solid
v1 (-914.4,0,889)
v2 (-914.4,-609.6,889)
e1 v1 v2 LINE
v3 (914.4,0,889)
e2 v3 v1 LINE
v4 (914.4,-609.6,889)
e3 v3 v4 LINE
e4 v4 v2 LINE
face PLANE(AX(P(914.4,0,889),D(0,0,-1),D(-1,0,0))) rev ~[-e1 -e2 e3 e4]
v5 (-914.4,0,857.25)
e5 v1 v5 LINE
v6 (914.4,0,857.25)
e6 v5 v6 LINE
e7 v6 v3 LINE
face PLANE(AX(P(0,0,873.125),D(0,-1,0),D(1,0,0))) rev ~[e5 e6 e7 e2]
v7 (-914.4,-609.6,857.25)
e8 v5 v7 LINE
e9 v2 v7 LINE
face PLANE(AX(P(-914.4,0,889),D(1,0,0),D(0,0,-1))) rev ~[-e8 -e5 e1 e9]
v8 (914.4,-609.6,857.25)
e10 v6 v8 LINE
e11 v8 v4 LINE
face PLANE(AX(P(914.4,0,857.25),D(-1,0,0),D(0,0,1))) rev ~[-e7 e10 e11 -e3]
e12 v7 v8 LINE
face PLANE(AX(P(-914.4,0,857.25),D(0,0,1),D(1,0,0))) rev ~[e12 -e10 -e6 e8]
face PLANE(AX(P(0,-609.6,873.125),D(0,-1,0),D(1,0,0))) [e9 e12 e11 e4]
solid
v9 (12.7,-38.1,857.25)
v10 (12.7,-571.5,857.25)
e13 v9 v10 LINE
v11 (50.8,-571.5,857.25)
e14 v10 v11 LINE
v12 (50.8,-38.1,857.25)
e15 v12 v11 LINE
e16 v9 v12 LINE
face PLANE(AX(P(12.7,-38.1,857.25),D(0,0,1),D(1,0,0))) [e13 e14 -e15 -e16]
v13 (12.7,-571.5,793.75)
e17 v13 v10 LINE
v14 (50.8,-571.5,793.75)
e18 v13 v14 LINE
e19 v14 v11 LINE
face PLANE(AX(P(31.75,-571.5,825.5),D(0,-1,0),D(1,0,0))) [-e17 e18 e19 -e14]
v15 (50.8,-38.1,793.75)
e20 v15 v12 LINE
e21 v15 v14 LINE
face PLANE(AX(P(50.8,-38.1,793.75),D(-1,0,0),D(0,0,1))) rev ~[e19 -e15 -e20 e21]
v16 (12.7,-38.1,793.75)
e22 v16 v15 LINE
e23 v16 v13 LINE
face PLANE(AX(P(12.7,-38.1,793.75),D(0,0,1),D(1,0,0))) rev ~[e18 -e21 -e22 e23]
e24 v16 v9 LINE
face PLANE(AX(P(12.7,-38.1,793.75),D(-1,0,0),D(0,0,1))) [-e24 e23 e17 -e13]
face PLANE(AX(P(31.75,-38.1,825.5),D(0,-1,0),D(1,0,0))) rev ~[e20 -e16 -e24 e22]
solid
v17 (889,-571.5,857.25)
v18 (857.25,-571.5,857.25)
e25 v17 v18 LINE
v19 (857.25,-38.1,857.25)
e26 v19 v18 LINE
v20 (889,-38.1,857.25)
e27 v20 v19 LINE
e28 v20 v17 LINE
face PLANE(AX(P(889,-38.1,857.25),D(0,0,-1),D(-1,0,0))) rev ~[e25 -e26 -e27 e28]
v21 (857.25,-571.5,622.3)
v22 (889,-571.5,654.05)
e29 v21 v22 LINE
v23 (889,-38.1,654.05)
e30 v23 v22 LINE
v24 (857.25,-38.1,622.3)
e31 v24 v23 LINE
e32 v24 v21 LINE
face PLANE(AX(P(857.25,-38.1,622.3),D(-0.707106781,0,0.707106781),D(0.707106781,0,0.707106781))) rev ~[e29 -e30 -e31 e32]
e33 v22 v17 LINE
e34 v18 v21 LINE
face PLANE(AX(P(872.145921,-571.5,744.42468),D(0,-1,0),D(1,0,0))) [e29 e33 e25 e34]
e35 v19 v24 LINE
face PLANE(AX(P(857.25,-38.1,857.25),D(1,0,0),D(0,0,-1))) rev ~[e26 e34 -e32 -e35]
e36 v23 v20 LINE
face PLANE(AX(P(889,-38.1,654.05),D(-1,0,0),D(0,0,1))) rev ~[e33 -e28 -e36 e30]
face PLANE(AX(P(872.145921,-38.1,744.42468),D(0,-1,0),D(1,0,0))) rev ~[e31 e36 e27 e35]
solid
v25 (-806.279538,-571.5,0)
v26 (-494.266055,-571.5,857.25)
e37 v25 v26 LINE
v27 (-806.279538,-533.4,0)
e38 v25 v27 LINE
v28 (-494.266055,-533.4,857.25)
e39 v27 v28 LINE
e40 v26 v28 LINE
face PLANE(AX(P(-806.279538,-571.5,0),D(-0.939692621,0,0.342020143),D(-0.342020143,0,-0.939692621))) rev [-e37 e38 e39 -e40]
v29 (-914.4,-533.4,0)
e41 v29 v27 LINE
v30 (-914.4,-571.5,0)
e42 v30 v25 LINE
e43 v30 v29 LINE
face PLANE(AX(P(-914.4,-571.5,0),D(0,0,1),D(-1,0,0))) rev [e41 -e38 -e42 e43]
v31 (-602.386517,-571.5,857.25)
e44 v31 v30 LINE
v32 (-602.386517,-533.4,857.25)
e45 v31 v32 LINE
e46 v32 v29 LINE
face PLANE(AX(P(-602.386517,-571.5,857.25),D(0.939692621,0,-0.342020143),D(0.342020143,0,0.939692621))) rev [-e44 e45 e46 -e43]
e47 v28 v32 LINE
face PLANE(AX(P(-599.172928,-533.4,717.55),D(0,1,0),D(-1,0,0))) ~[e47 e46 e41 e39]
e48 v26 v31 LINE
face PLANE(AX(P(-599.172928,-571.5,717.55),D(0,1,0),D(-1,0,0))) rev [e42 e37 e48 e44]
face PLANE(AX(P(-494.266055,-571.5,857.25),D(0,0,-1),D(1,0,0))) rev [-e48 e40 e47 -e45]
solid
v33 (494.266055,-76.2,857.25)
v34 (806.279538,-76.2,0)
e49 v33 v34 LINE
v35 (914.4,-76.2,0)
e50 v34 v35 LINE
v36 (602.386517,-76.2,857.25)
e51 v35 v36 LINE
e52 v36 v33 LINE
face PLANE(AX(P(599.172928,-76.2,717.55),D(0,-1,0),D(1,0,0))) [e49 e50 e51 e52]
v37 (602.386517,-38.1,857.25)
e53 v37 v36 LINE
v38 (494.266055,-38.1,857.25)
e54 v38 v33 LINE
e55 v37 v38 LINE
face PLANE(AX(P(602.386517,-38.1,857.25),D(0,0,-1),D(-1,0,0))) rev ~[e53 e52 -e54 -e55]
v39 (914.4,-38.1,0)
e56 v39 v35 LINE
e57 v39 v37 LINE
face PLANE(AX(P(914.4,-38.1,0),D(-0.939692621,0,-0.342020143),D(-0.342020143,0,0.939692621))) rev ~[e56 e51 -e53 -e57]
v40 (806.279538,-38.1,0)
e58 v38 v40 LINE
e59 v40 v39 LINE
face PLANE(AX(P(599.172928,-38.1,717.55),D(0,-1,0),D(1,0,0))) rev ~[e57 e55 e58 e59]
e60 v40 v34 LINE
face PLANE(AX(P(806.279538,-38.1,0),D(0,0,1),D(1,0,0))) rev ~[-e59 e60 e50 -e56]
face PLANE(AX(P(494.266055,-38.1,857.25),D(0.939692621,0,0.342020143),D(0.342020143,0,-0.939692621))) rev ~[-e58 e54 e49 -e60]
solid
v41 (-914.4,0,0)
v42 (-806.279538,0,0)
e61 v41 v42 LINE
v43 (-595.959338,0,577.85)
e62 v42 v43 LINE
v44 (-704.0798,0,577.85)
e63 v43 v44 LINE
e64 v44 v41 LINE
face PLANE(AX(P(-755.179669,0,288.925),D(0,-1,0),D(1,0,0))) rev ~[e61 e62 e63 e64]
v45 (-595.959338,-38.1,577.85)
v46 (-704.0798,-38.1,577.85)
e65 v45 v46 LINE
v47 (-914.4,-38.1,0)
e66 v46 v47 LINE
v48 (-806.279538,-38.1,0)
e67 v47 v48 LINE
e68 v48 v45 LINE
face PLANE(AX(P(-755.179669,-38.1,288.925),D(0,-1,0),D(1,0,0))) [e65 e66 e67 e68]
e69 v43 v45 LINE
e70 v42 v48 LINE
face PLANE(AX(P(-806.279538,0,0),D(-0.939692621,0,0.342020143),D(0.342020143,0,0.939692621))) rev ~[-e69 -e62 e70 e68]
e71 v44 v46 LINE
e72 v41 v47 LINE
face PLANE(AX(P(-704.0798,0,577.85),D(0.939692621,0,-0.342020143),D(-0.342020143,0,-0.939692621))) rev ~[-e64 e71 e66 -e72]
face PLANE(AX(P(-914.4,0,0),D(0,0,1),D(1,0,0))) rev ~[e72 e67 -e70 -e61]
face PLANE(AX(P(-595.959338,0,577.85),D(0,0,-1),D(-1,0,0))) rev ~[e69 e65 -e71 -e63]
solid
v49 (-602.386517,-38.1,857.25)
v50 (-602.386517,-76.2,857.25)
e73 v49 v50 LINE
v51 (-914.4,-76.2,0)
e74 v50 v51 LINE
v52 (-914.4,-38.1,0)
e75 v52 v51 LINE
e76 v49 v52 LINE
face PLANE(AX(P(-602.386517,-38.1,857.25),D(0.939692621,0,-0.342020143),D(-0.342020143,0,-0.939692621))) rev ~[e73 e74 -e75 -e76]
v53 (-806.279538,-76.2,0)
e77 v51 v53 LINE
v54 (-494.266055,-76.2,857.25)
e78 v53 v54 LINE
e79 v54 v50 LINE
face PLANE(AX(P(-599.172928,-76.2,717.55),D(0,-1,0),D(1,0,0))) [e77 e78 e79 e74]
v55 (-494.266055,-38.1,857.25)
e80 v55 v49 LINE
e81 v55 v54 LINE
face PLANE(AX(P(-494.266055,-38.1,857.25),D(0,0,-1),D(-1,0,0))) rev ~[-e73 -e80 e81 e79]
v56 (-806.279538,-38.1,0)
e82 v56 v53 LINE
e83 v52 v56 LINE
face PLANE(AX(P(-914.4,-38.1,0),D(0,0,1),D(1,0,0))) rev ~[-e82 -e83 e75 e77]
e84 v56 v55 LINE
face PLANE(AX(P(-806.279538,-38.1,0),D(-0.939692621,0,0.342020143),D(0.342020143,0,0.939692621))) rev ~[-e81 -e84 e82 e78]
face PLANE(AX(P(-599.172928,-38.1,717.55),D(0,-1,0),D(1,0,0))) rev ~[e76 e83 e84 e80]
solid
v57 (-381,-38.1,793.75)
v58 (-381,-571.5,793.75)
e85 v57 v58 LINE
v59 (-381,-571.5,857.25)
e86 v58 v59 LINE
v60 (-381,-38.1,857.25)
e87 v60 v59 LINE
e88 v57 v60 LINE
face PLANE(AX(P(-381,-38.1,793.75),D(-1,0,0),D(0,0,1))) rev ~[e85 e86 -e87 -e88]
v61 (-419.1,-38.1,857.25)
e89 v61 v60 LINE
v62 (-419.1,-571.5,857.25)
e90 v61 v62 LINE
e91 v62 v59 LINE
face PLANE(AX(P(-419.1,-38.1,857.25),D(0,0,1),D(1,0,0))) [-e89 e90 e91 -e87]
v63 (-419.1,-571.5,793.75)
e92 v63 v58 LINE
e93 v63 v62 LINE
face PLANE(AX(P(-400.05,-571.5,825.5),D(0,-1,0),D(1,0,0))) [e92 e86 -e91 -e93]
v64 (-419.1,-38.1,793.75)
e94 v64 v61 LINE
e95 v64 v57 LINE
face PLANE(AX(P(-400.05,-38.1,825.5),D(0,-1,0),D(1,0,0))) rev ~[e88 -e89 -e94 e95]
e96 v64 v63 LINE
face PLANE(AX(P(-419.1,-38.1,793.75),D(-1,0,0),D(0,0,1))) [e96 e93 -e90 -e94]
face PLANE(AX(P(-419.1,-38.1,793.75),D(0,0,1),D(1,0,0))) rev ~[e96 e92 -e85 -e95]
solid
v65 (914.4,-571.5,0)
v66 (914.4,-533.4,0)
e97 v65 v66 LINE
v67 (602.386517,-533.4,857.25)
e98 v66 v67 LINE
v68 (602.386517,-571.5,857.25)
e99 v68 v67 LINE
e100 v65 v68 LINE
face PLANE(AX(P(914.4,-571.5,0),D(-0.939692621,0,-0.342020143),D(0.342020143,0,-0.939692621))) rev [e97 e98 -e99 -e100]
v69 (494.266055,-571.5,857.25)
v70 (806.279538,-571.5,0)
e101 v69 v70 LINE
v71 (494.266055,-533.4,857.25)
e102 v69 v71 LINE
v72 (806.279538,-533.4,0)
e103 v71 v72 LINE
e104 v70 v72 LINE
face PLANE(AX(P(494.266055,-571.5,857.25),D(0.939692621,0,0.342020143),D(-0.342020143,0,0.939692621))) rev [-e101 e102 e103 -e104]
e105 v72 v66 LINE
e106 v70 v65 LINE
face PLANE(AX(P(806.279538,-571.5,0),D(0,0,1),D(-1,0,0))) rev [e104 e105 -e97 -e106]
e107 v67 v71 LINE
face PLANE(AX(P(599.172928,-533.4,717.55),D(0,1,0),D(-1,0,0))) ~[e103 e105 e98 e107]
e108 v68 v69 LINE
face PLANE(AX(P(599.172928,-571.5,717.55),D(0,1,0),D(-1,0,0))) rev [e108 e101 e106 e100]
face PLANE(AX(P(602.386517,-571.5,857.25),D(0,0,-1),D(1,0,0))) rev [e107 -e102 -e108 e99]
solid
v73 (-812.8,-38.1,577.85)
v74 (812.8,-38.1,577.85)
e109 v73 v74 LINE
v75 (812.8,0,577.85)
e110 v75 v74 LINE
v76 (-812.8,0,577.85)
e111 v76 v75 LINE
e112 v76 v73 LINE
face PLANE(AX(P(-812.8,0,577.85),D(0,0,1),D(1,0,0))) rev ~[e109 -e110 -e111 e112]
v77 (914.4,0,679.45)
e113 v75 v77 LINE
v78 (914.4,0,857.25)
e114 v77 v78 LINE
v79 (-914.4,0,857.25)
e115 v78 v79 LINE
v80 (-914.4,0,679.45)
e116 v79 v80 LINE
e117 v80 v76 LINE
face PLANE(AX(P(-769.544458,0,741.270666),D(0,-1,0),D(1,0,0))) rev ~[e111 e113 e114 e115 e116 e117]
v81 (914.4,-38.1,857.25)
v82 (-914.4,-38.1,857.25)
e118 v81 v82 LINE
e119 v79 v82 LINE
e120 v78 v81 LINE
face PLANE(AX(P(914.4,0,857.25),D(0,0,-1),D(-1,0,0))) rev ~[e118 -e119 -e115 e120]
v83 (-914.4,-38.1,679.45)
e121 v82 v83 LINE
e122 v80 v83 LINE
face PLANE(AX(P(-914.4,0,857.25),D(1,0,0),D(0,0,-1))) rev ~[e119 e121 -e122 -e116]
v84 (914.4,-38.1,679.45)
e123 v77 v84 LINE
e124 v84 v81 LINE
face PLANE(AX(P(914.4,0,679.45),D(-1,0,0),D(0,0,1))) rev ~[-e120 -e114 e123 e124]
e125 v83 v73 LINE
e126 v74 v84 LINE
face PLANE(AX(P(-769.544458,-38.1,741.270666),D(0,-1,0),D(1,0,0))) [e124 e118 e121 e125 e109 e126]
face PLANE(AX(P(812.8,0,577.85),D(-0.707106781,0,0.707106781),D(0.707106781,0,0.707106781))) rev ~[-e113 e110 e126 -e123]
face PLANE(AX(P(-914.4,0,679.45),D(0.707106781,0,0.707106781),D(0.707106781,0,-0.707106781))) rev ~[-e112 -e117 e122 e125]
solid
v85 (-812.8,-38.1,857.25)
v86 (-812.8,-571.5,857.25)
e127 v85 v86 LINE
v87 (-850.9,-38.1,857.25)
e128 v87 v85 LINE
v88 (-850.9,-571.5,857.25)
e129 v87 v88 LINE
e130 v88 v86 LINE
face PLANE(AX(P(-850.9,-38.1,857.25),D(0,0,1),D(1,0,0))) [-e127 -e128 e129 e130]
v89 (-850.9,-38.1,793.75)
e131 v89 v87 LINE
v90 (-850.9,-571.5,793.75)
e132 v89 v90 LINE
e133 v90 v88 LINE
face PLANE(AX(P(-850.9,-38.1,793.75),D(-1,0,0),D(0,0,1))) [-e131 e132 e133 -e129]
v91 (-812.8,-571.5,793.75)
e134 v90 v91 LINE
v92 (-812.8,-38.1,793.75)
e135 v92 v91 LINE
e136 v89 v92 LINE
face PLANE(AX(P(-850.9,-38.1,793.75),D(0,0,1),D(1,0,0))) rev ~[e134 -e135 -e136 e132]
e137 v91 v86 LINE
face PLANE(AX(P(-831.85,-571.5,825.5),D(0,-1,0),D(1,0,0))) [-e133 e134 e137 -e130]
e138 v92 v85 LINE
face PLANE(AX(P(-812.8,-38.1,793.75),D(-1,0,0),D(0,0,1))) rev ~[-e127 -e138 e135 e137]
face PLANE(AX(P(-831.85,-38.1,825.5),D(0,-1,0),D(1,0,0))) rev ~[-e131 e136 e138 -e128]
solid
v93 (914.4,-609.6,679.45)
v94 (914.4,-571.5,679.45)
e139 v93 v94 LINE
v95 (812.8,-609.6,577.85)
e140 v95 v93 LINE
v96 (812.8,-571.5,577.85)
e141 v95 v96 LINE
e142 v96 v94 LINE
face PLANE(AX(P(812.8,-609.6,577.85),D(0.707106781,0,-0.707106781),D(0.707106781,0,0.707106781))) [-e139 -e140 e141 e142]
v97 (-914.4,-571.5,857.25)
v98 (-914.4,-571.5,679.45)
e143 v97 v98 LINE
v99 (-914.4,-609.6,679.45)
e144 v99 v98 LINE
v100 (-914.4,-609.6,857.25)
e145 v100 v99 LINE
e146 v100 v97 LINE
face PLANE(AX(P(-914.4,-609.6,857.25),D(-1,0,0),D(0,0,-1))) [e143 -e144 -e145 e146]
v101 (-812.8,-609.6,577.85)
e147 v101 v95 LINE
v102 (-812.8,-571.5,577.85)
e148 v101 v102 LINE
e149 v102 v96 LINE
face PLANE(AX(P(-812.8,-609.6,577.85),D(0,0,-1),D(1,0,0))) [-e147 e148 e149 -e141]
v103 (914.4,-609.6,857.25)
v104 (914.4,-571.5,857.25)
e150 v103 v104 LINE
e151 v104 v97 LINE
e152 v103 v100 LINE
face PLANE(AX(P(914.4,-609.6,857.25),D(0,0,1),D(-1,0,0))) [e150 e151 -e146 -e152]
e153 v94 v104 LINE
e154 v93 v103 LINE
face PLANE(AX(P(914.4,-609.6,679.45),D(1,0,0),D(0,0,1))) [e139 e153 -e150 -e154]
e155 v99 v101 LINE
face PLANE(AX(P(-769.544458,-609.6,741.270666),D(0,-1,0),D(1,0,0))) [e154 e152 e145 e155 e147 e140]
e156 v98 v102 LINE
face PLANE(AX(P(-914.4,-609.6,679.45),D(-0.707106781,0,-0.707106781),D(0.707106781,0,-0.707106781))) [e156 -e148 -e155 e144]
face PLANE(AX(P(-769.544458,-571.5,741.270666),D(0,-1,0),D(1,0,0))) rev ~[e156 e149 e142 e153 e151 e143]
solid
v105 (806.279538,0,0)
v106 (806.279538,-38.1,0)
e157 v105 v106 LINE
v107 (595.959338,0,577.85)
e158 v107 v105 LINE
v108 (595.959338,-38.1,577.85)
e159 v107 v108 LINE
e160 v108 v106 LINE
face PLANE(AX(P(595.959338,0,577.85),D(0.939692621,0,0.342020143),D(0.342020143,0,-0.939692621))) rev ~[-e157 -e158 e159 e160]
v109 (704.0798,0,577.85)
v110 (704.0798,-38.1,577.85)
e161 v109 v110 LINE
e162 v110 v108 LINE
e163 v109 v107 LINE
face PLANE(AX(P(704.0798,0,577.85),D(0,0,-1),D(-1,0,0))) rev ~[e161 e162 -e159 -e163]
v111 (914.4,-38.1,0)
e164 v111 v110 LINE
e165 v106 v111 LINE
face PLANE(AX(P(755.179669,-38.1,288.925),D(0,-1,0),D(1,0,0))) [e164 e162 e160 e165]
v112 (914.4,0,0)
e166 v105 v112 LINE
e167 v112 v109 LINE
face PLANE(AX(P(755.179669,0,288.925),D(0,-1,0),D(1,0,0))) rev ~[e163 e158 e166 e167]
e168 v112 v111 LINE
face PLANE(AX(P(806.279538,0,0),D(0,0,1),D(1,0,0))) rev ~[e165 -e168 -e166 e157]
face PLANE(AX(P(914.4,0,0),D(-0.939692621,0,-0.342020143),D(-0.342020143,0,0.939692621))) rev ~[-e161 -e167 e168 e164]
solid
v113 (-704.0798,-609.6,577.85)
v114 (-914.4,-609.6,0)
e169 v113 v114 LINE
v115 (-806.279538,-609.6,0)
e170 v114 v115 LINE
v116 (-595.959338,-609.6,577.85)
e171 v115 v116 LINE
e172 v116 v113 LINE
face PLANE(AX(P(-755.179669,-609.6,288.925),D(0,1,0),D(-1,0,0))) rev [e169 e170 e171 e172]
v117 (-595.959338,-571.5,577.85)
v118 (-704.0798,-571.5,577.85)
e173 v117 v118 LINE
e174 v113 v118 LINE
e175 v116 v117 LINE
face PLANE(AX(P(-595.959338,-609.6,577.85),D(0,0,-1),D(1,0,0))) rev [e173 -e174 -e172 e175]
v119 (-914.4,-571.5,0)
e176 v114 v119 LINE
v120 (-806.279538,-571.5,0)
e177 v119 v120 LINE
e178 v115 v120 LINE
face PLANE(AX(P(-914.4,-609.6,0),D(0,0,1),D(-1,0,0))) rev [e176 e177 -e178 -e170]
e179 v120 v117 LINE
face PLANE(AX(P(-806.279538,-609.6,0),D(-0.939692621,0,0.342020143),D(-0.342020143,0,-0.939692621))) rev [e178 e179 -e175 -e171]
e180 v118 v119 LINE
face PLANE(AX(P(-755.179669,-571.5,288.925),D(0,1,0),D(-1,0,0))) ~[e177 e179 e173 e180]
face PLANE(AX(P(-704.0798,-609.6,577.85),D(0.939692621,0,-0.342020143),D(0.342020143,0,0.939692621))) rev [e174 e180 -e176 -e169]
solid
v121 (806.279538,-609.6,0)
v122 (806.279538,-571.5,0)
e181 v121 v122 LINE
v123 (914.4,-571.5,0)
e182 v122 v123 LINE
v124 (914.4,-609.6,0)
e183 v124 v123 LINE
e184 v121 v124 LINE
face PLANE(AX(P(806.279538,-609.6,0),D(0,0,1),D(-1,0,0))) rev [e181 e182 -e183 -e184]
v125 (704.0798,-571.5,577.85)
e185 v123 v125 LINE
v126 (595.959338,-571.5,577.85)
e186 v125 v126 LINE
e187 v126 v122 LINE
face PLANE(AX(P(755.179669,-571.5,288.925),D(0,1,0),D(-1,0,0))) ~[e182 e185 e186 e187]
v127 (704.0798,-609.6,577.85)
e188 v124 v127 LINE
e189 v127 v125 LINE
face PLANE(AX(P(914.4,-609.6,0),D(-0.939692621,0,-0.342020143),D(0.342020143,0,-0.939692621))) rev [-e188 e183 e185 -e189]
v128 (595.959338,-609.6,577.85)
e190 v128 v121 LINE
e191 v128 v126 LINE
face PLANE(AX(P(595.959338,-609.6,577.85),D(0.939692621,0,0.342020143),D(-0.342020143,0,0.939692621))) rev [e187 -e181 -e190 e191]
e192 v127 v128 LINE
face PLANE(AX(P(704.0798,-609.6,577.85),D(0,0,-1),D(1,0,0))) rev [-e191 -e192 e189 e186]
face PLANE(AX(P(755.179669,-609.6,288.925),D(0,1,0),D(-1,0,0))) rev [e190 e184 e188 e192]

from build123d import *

# Parameters (mm, degrees)
F1_DEPTH  = 609.6
F2_DEPTH  = 38.1
F3_DEPTH  = 38.1
F5_DEPTH  = 38.1
F8_DEPTH  = 38.1
F6_W      = 38.1
F6_H      = 63.5
F12_DEPTH = 533.4


with BuildPart() as f1:
    # F0 (on Front) → F1 (new body)
    with BuildSketch(Plane.XZ):
        Polygon((914.4, 889), (-914.4, 889), (-914.4, 857.25), (-602.3865166753, 857.25), (-494.2660549917, 857.25), (494.2660549917, 857.25), (602.3865166753, 857.25), (914.4, 857.25), align=None)
    extrude(amount=F1_DEPTH)


with BuildPart() as f2:
    # F0 (on Front) → F2 (new body)
    with BuildSketch(Plane.XZ):
        Polygon((-602.3865166753, 857.25), (-914.4, 857.25), (-914.4, 679.45), (-812.8, 577.85), (-704.0798001293, 577.85), align=None)
        Polygon((494.2660549917, 857.25), (-494.2660549917, 857.25), (-595.9593384457, 577.85), (595.9593384457, 577.85), align=None)
        Polygon((704.0798001293, 577.85), (602.3865166753, 857.25), (494.2660549917, 857.25), (595.9593384457, 577.85), align=None)
        Polygon((914.4, 679.45), (914.4, 857.25), (602.3865166753, 857.25), (704.0798001293, 577.85), (812.8, 577.85), align=None)
        Polygon((-494.2660549917, 857.25), (-602.3865166753, 857.25), (-704.0798001293, 577.85), (-595.9593384457, 577.85), align=None)
    extrude(amount=F2_DEPTH)


with BuildPart() as f3:
    # F0 (on Front) → F3 (new body, through all)
    with BuildSketch(Plane.XZ):
        Polygon((-595.9593384457, 577.85), (-704.0798001293, 577.85), (-914.4, 0), (-806.2795383164, 0), align=None)
    extrude(amount=F3_DEPTH)


with BuildPart() as f3b:
    # F0 (on Front) → F3, piece 2 (new body, through all)
    with BuildSketch(Plane.XZ):
        Polygon((914.4, 0), (704.0798001293, 577.85), (595.9593384457, 577.85), (806.2795383164, 0), align=None)
    extrude(amount=F3_DEPTH)


with BuildPart() as f5:
    # F4 (on face) → F5 (new body)
    with BuildSketch(Plane.XZ.offset(38.1)):
        Polygon((-704.0798001293, 577.85), (-595.9593384457, 577.85), (-494.2660549917, 857.25), (-602.3865166753, 857.25), align=None)
        Polygon((-914.4, 0), (-806.2795383164, 0), (-595.9593384457, 577.85), (-704.0798001293, 577.85), align=None)
    extrude(amount=F5_DEPTH)


with BuildPart() as f5b:
    # F4 (on face) → F5, piece 2 (new body)
    with BuildSketch(Plane.XZ.offset(38.1)):
        Polygon((494.2660549917, 857.25), (595.9593384457, 577.85), (704.0798001293, 577.85), (602.3865166753, 857.25), align=None)
        Polygon((704.0798001293, 577.85), (595.9593384457, 577.85), (806.2795383164, 0), (914.4, 0), align=None)
    extrude(amount=F5_DEPTH)


with BuildPart() as f8:
    # F7 (on face) → F8 (new body)
    with BuildSketch(Plane.XZ.offset(609.6)):
        Polygon((-704.0798001293, 577.85), (-602.3865166753, 857.25), (-914.4, 857.25), (-914.4, 679.45), (-812.8, 577.85), align=None)
        Polygon((-595.9593384457, 577.85), (-494.2660549917, 857.25), (-602.3865166753, 857.25), (-704.0798001293, 577.85), align=None)
        Polygon((595.9593384457, 577.85), (494.2660549917, 857.25), (-494.2660549917, 857.25), (-595.9593384457, 577.85), align=None)
        Polygon((602.3865166753, 857.25), (494.2660549917, 857.25), (595.9593384457, 577.85), (704.0798001293, 577.85), align=None)
        Polygon((914.4, 857.25), (602.3865166753, 857.25), (704.0798001293, 577.85), (812.8, 577.85), (914.4, 679.45), align=None)
    extrude(amount=-F8_DEPTH)


with BuildPart() as f11_1:
    # F11: instance of F5b
    add(f5b.part.mirror(Plane.XZ.offset(304.8)))


with BuildPart() as f11_2:
    # F11: instance of F5
    add(f5.part.mirror(Plane.XZ.offset(304.8)))


with BuildPart() as f11_3:
    # F11: instance of F3
    add(f3.part.mirror(Plane.XZ.offset(304.8)))


with BuildPart() as f11_4:
    # F11: instance of F3b
    add(f3b.part.mirror(Plane.XZ.offset(304.8)))


with BuildPart() as f12:
    # F6 (on face) → F12 (new body, through all)
    with BuildSketch(Plane.XZ.offset(38.1)):
        with Locations((-831.85, 825.5)):
            Rectangle(F6_W, F6_H)
    extrude(amount=F12_DEPTH)


with BuildPart() as f12b:
    # F6 (on face) → F12, piece 2 (new body, through all)
    with BuildSketch(Plane.XZ.offset(38.1)):
        with Locations((-400.05, 825.5)):
            Rectangle(F6_W, F6_H)
    extrude(amount=F12_DEPTH)


with BuildPart() as f12c:
    # F6 (on face) → F12, piece 3 (new body, through all)
    with BuildSketch(Plane.XZ.offset(38.1)):
        with Locations((31.75, 825.5)):
            Rectangle(F6_W, F6_H)
    extrude(amount=F12_DEPTH)


with BuildPart() as f12d:
    # F6 (on face) → F12, piece 4 (new body, through all)
    with BuildSketch(Plane.XZ.offset(38.1)):
        Polygon((889, 857.25), (857.25, 857.25), (857.25, 622.3), (889, 654.05), align=None)
    extrude(amount=F12_DEPTH)


solid = Compound([f1.part, f2.part, f3.part, f3b.part, f5.part, f5b.part, f8.part, f11_1.part, f11_2.part, f11_3.part, f11_4.part, f12.part, f12b.part, f12c.part, f12d.part])
